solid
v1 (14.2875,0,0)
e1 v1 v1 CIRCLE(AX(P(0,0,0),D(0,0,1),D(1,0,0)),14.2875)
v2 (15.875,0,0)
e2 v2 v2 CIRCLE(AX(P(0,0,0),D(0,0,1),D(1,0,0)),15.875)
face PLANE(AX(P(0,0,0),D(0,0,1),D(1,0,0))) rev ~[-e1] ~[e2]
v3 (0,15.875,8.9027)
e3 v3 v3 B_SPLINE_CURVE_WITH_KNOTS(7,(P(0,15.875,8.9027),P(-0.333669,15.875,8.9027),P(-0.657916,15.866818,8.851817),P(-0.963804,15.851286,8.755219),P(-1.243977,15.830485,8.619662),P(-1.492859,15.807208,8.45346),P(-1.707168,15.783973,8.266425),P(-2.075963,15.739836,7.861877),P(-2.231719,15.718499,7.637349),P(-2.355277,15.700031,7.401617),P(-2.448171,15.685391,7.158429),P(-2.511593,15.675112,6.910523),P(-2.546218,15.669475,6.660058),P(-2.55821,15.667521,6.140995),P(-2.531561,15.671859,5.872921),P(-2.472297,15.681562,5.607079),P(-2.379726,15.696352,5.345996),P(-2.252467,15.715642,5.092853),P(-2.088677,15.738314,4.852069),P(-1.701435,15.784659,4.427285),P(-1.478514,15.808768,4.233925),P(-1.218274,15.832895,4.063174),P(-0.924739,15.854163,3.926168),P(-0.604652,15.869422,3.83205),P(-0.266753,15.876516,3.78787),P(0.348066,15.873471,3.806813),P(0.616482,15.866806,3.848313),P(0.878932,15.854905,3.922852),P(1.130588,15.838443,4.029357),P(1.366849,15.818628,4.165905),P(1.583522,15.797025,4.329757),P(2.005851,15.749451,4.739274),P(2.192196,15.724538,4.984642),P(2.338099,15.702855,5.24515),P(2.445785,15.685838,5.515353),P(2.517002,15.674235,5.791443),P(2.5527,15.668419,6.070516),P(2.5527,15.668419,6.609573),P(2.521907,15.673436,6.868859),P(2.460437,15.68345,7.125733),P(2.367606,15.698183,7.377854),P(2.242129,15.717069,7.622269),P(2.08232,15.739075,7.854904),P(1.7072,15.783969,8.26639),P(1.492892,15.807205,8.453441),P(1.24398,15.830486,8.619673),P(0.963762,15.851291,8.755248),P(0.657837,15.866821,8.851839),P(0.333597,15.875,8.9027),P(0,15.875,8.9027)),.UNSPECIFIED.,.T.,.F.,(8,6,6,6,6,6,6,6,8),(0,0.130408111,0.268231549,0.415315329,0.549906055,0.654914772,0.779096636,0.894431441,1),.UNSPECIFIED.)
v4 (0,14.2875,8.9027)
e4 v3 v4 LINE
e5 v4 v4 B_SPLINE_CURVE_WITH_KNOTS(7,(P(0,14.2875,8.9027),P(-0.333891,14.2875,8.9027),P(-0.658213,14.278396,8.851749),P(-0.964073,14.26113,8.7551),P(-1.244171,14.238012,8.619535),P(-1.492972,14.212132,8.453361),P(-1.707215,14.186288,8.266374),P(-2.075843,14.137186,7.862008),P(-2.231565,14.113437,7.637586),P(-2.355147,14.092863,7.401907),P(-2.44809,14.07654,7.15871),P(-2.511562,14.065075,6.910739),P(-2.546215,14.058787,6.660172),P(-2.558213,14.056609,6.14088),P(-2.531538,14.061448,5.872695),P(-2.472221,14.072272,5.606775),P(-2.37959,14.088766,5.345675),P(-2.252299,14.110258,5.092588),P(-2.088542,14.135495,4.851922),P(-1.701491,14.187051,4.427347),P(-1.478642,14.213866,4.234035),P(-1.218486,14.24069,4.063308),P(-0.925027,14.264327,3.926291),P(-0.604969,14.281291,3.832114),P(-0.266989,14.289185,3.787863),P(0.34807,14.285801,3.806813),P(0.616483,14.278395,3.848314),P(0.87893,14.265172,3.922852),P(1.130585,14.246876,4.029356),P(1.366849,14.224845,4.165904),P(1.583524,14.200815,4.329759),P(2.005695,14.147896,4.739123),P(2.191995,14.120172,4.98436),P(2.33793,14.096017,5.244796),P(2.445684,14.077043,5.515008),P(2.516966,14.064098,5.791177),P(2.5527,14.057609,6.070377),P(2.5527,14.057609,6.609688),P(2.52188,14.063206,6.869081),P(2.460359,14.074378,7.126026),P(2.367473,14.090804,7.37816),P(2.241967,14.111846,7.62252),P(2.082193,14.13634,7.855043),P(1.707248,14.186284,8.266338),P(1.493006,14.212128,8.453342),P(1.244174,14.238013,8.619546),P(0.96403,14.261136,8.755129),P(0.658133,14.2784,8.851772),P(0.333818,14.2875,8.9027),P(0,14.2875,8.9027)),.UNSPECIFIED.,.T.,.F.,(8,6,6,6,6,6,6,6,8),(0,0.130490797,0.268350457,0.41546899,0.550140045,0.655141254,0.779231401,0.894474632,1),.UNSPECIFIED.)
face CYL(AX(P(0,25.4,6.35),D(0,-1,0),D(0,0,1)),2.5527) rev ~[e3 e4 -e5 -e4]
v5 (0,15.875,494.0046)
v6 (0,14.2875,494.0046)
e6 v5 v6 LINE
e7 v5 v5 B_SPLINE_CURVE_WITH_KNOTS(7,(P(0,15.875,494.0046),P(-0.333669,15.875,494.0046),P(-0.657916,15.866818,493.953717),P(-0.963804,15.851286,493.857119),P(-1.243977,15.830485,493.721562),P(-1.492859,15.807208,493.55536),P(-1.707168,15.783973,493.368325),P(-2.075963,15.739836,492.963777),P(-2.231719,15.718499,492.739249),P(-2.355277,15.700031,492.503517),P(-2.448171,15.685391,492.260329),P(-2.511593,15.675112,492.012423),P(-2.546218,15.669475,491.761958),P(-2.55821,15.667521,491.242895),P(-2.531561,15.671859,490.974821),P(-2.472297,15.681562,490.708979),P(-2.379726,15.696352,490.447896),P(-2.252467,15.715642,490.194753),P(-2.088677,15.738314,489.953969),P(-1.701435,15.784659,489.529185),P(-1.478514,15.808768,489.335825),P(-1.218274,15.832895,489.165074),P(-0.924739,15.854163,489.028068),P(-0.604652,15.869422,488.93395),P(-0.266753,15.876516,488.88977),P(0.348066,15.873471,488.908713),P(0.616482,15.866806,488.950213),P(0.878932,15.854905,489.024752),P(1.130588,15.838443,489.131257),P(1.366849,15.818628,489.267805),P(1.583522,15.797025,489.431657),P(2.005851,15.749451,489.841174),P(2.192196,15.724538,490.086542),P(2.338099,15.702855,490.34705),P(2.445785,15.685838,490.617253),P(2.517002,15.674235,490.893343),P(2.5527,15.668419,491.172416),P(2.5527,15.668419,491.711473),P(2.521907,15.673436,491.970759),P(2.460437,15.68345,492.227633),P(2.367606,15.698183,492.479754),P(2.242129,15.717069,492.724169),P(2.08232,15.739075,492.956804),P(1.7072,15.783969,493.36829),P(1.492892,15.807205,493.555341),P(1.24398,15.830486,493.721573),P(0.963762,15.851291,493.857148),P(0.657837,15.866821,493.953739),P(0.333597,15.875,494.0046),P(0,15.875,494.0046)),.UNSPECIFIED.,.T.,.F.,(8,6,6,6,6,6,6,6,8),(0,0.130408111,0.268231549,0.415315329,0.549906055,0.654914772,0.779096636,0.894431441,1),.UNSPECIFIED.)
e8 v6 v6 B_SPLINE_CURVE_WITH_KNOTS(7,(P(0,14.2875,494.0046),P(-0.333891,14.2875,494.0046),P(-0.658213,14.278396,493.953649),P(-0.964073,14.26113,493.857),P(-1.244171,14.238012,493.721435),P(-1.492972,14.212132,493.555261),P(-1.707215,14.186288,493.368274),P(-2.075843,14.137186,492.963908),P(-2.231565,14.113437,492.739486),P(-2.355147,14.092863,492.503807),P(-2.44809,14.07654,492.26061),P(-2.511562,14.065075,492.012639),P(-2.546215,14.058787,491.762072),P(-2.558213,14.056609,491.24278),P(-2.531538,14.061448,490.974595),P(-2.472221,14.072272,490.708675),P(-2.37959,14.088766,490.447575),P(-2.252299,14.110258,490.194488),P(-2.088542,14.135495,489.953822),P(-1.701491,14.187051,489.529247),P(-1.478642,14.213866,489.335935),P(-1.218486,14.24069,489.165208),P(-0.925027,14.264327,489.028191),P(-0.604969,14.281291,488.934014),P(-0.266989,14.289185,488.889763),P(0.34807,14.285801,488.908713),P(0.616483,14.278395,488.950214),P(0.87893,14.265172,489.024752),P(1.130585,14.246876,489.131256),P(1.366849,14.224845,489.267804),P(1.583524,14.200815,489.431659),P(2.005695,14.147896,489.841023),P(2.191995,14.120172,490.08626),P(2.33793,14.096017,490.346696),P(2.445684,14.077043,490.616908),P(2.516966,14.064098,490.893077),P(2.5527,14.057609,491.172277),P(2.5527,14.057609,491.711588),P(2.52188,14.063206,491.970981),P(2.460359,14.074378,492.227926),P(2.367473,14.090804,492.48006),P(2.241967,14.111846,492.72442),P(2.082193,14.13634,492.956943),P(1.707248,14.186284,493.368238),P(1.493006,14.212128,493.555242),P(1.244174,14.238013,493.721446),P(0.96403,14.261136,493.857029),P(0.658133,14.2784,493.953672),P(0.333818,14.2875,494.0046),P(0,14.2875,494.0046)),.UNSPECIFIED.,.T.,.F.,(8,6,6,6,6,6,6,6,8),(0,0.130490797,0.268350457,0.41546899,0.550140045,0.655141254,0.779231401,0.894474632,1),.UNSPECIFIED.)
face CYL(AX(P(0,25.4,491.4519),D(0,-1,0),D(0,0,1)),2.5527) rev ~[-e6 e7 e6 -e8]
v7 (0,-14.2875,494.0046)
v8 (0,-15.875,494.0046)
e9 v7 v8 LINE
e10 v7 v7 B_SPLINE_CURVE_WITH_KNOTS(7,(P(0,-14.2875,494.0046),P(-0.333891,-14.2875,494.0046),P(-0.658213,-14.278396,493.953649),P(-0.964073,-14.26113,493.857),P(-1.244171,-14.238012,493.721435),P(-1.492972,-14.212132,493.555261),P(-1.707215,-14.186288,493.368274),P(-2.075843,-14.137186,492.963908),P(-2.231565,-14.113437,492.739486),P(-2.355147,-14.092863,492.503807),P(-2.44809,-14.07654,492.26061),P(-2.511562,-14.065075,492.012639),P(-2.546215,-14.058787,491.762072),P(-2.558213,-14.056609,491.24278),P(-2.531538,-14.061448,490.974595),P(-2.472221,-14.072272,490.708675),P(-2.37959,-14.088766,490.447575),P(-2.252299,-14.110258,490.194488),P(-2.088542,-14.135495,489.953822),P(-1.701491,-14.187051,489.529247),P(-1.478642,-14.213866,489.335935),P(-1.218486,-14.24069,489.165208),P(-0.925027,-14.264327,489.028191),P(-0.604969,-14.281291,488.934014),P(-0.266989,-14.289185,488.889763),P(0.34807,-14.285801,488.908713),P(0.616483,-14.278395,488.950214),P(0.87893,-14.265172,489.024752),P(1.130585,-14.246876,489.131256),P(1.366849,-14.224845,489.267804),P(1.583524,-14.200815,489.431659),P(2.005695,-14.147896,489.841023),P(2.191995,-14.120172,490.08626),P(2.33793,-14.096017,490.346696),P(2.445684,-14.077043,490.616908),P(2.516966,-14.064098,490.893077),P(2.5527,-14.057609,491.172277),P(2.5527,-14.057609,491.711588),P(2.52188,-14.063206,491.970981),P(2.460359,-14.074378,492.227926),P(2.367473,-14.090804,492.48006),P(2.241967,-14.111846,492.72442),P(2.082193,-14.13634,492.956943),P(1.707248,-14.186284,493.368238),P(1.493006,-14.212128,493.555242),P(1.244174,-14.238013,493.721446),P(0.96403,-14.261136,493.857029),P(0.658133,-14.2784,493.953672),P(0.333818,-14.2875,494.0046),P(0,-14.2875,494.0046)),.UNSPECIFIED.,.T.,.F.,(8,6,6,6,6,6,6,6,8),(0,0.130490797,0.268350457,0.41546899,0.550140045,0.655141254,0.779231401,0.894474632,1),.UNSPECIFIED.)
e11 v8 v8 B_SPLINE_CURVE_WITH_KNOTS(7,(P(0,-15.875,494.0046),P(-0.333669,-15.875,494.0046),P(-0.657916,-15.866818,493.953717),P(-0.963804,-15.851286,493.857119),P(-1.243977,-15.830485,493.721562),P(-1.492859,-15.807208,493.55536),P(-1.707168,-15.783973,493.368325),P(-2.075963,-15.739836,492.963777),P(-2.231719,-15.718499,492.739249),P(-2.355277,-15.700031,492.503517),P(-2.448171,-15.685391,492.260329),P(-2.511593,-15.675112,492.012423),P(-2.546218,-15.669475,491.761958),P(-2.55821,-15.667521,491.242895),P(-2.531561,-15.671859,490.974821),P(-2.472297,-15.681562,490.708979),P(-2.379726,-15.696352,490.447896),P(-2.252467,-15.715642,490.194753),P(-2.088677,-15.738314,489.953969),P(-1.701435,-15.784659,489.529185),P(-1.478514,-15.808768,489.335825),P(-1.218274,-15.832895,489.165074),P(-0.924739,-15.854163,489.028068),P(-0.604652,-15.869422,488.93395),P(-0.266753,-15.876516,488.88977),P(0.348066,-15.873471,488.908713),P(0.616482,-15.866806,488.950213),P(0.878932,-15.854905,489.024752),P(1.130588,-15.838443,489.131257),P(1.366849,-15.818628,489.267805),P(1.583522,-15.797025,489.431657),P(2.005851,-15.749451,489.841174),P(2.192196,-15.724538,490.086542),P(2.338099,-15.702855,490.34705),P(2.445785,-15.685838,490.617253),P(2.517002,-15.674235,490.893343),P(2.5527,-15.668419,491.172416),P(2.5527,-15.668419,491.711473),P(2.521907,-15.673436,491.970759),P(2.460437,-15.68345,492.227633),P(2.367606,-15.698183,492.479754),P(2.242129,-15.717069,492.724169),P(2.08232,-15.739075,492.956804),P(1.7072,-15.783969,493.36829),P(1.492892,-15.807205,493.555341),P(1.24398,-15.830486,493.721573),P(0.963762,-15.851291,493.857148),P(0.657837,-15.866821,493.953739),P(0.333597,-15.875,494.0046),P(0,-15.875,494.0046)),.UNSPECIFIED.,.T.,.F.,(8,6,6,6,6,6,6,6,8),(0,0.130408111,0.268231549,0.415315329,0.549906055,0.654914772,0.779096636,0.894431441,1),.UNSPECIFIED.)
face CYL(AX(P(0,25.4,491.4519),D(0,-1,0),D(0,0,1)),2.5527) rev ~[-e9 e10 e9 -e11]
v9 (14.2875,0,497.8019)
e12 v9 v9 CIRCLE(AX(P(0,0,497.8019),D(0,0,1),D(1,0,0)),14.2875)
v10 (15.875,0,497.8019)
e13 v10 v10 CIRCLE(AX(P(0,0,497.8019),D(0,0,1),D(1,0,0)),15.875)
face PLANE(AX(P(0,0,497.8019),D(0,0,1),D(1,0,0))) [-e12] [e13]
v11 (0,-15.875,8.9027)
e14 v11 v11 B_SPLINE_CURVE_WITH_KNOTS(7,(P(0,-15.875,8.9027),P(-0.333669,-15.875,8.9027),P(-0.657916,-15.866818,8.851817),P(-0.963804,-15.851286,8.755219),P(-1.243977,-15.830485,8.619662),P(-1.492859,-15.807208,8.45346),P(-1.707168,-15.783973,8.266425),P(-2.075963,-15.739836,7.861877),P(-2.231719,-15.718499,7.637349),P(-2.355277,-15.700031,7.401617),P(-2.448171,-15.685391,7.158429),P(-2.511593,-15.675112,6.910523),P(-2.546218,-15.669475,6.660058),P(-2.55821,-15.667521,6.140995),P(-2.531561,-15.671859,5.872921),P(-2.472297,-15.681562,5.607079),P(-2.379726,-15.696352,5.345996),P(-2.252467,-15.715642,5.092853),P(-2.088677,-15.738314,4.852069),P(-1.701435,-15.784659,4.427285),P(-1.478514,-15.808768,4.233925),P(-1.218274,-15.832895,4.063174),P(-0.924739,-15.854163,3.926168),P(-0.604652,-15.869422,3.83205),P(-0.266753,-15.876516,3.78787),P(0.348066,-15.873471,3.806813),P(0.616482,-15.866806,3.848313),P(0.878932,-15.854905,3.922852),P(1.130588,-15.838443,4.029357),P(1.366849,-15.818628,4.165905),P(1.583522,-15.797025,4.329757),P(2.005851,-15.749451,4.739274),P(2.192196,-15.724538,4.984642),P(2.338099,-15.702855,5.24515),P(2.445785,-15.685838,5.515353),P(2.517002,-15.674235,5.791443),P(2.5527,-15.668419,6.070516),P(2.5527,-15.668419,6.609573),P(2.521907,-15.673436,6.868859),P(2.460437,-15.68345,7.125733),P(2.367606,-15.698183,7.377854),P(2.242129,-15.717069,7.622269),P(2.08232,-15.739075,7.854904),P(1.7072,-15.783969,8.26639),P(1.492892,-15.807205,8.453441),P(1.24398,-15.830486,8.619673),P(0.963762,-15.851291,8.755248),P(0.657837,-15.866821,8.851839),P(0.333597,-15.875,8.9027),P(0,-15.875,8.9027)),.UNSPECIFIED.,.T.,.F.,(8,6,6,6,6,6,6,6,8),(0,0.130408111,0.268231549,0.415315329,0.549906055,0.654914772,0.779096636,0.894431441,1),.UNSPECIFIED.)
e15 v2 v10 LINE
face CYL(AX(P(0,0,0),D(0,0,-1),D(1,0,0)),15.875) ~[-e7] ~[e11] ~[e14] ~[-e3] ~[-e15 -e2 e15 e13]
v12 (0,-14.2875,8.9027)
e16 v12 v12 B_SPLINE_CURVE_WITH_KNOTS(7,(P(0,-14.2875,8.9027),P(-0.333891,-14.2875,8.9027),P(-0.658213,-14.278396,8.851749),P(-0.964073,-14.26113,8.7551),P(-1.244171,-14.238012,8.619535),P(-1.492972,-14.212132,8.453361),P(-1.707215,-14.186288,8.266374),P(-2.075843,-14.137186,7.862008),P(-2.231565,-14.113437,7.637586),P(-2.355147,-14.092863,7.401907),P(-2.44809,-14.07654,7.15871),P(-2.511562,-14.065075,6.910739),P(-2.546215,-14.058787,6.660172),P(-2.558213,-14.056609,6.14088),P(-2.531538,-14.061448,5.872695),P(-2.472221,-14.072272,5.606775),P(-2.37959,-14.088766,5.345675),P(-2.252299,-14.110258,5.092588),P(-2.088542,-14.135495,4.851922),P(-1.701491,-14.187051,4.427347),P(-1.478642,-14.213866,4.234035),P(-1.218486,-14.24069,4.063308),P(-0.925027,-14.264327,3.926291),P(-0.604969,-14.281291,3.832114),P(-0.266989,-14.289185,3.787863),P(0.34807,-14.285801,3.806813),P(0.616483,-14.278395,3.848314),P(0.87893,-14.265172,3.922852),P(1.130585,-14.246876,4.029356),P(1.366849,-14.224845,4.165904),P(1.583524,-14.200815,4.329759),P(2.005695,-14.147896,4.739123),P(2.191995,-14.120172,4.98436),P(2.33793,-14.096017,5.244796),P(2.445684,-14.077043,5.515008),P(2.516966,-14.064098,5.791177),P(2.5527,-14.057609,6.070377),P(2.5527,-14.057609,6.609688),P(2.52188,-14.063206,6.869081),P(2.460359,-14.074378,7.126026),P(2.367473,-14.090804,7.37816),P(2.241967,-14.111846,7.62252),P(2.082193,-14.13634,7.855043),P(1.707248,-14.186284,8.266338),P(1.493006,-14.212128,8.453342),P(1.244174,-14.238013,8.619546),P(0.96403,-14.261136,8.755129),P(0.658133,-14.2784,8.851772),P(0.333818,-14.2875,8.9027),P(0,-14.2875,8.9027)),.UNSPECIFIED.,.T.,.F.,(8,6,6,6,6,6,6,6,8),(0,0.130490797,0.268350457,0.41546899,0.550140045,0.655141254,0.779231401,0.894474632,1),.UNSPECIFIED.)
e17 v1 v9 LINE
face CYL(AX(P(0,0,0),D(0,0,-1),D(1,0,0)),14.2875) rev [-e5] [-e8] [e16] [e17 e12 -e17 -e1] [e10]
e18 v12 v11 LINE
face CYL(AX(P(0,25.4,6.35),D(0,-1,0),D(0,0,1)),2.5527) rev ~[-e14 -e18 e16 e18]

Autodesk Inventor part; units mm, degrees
ref_plane "YZ Plane" through (0, 0, 0) normal (1, 0, 0) x (0, 1, 0)
ref_plane "XY Plane" through (0, 0, 0) normal (0, 0, 1) x (1, 0, 0)
sketch "Sketch1" plane through (0, 0, 0) normal (0, 0, 1) x (1, 0, 0)
  circle A0 centre (0, 0) radius 14.2875
  circle A1 centre (0, 0) radius 15.875
  dimension "d0" = 28.575
  dimension "d1" = 31.75
extrude "Extrusion1" add sketch "Sketch1" along normal blind 497.8019
ref_plane "Work Plane1" through (0, 25.4, 0) normal (0, 1, 0) x (-1, 0, 0)
sketch "Sketch2" plane through (0, 25.4, 0) normal (0, 1, 0) x (-1, 0, 0)
  line L0 (15.875, 497.8019) -> (-15.875, 497.8019) projected
  line L1 (-15.875, 0) -> (15.875, 0) projected
  point P0 (0, 0)
  point P1 (0, 6.35)
  point P2 (0, 491.4519)
  point P3 (0, 0)
  point P4 (0, 497.8019)
  dimension "d5" = 6.35
  dimension "d6" = 6.35
hole "Hole1" at (0, 25.4, 6.35) at (0, 25.4, 491.4519) direction (0, -1, 0) diameter 5.1054 end through all
properties part number "ARM_038_MiddleRollerTube" material "Aluminum 6061"
